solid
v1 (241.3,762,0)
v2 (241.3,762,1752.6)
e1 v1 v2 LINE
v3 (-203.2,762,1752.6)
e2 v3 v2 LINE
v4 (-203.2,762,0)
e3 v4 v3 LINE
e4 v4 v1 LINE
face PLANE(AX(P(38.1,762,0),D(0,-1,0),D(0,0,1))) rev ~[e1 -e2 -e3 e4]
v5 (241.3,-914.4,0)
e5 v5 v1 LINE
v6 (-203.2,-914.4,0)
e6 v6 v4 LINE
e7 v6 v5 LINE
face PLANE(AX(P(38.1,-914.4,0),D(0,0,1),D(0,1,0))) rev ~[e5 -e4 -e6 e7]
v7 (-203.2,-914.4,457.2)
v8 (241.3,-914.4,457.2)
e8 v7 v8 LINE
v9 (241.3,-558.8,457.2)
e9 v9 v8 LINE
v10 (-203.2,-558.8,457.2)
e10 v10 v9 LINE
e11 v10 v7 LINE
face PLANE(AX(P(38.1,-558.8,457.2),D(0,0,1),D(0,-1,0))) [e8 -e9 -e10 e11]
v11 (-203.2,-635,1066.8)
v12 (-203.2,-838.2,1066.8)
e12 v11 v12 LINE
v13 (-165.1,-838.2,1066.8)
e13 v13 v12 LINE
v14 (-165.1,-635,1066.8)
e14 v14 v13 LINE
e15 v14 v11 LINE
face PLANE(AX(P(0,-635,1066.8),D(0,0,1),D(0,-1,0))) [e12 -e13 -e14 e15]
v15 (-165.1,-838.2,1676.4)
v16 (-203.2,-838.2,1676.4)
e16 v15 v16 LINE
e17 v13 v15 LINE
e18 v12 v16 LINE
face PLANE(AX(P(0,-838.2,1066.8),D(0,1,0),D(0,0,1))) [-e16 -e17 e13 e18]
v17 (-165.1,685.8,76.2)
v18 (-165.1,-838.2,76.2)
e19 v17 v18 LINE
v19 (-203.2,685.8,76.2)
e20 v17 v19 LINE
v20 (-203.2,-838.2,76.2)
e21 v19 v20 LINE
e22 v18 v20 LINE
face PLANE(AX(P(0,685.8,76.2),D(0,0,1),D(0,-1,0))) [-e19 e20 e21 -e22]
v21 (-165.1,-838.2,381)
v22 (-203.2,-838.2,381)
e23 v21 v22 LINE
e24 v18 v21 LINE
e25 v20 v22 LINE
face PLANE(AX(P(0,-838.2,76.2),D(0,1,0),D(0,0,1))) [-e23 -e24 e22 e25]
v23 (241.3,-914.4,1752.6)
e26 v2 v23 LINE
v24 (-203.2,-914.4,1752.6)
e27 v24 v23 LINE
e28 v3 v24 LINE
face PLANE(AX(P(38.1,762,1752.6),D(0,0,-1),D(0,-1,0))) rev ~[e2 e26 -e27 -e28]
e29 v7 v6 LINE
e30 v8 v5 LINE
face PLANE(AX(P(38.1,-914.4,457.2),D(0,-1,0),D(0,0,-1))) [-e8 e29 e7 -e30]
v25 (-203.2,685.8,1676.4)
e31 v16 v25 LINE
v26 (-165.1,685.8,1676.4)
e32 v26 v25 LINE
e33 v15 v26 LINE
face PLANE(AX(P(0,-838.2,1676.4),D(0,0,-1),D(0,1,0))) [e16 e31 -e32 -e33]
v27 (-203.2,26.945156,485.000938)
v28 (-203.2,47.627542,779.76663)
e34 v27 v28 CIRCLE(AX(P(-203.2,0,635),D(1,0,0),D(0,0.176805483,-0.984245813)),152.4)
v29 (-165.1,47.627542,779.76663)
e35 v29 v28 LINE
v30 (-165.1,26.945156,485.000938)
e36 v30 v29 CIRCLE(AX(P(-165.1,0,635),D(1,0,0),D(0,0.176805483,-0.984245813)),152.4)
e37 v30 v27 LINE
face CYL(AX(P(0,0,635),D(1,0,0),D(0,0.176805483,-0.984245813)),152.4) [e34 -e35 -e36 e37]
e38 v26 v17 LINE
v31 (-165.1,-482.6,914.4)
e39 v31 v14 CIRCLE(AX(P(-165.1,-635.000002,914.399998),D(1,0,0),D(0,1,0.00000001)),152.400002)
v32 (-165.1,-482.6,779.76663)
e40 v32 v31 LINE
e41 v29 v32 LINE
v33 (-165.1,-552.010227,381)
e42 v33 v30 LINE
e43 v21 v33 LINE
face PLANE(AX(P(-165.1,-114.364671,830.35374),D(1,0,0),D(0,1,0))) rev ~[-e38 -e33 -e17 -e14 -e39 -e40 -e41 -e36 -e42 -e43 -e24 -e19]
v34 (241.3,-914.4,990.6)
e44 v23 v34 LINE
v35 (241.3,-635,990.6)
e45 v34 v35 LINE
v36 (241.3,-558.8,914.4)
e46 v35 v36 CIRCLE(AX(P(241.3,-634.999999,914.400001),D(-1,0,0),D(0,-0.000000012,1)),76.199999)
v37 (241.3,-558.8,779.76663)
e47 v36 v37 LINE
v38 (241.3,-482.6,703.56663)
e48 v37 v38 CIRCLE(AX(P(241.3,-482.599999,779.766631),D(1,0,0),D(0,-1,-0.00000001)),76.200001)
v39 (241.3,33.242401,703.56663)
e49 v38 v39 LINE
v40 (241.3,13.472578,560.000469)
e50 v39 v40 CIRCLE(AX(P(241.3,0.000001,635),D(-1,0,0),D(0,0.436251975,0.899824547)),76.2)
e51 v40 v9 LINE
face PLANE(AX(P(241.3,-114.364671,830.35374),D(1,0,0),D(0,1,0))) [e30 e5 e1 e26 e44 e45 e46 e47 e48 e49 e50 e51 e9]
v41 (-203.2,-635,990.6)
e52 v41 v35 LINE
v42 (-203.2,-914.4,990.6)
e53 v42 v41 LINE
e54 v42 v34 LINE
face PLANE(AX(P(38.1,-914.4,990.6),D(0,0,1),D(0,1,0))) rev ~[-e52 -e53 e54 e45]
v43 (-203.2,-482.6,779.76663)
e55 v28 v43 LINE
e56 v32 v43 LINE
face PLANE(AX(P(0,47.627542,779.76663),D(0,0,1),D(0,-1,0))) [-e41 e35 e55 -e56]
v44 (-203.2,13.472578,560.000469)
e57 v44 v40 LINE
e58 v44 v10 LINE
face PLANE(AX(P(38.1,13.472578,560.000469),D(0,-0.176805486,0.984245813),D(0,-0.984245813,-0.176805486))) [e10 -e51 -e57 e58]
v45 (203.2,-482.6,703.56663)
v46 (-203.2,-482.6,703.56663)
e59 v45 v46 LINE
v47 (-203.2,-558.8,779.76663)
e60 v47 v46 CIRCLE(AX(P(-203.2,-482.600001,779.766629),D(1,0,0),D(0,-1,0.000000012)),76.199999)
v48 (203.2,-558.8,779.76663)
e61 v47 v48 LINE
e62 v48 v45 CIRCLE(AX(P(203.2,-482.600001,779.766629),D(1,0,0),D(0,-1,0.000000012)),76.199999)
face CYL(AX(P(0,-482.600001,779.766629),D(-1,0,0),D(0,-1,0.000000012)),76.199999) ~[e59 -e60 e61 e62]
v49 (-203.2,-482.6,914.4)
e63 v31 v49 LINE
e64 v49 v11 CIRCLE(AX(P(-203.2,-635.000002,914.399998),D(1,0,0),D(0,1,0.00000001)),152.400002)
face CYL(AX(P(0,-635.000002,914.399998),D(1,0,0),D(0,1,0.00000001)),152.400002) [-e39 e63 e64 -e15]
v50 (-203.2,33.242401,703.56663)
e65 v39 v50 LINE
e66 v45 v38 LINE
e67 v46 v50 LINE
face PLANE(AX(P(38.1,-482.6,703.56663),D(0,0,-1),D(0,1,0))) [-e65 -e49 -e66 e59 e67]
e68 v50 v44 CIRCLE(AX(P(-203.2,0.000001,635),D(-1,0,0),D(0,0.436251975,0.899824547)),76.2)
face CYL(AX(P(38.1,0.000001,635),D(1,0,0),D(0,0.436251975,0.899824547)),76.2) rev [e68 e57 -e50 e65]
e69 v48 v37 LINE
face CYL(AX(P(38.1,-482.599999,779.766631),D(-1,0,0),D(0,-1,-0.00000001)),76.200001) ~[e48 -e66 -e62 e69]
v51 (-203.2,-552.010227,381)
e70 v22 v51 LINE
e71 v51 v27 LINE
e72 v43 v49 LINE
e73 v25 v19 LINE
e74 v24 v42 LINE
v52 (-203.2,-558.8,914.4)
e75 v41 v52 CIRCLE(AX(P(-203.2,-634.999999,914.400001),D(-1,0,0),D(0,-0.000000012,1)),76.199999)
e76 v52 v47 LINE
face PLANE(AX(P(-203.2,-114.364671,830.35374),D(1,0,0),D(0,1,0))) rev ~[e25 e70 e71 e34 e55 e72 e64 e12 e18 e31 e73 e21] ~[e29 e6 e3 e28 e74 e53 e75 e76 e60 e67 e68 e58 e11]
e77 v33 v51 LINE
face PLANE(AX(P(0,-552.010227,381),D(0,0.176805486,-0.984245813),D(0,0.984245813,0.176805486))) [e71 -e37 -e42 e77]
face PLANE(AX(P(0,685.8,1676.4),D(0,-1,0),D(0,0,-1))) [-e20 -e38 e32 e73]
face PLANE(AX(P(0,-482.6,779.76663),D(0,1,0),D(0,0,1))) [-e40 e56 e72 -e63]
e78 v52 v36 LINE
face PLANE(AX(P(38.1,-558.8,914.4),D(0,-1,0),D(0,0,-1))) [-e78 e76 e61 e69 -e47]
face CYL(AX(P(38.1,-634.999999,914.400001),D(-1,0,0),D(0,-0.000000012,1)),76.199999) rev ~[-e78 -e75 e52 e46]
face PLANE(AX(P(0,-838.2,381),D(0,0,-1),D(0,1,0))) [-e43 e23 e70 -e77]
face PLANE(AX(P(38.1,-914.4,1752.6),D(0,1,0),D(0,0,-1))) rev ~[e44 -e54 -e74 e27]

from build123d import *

# Parameters (mm, degrees)
F1_DEPTH = 38.1
F3_DEPTH = 203.2


with BuildPart() as f1:
    # F0 (on Right) → F1 (new body, symmetric)
    with BuildSketch(Plane.YZ):
        with BuildLine():
            ThreePointArc((33.242401, 703.56663), (75.487635, 624.604952), (13.472578, 560.000469))
            Line((13.472578, 560.000469), (-558.8, 457.2))
            Line((-558.8, 457.2), (-914.4, 457.2))
            Line((-914.4, 457.2), (-914.4, 0))
            Line((-914.4, 0), (762, 0))
            Line((762, 0), (762, 1752.6))
            Line((762, 1752.6), (0, 1752.6))
            Line((0, 1752.6), (-914.4, 1752.6))
            Line((-914.4, 1752.6), (-914.4, 1295.4))
            Line((-914.4, 1295.4), (-914.4, 990.6))
            Line((-914.4, 990.6), (-635, 990.6))
            ThreePointArc((-635, 990.6), (-581.118463, 968.281537), (-558.8, 914.4))
            Line((-558.8, 914.4), (-558.8, 779.76663))
            ThreePointArc((-558.8, 779.76663), (-536.481537, 725.885093), (-482.6, 703.56663))
            Line((-482.6, 703.56663), (33.242401, 703.56663))
        make_face()
    extrude(amount=F1_DEPTH, both=True)


with BuildPart() as f3:
    # F2 (on Right) + F1_face (on face) → F3 (new body, symmetric)
    with BuildSketch(Plane.YZ):
        with BuildLine():
            Line((-482.6, 703.56663), (33.242401, 703.56663))
            ThreePointArc((33.242401, 703.56663), (75.487635, 624.604952), (13.472578, 560.000469))
            Line((13.472578, 560.000469), (-558.8, 457.2))
            Line((-558.8, 457.2), (-914.4, 457.2))
            Line((-914.4, 457.2), (-914.4, 0))
            Line((-914.4, 0), (762, 0))
            Line((762, 0), (762, 1752.6))
            Line((762, 1752.6), (-914.4, 1752.6))
            Line((-914.4, 1752.6), (-914.4, 990.6))
            Line((-914.4, 990.6), (-635, 990.6))
            ThreePointArc((-635, 990.6), (-581.118463, 968.281537), (-558.8, 914.4))
            Line((-558.8, 914.4), (-558.8, 779.76663))
            ThreePointArc((-558.8, 779.76663), (-536.481537, 725.885093), (-482.6, 703.56663))
        make_face()
        with BuildLine():
            Line((685.8, 1676.4), (685.8, 76.2))
            Line((685.8, 76.2), (-838.2, 76.2))
            Line((-838.2, 76.2), (-838.2, 381))
            Line((-838.2, 381), (-552.010227, 381))
            Line((-552.010227, 381), (26.945156, 485.000938))
            ThreePointArc((26.945156, 485.000938), (152.026232, 624.333001), (47.627542, 779.76663))
            Line((47.627542, 779.76663), (-482.6, 779.76663))
            Line((-482.6, 779.76663), (-482.6, 914.4))
            ThreePointArc((-482.6, 914.4), (-527.236927, 1022.163073), (-635, 1066.8))
            Line((-635, 1066.8), (-838.2, 1066.8))
            Line((-838.2, 1066.8), (-838.2, 1676.4))
            Line((-838.2, 1676.4), (685.8, 1676.4))
        make_face(mode=Mode.SUBTRACT)
    with BuildSketch(Plane(origin=(38.1, -19.491345, 899.616806), x_dir=(0, 1, 0), z_dir=(1, 0, 0))):
        with BuildLine():
            ThreePointArc((52.733746, -196.050176), (94.97898, -275.011854), (32.963923, -339.616337))
            Line((32.963923, -339.616337), (-539.308655, -442.416806))
            Line((-539.308655, -442.416806), (-894.908655, -442.416806))
            Line((-894.908655, -442.416806), (-894.908655, -899.616806))
            Line((-894.908655, -899.616806), (781.491345, -899.616806))
            Line((781.491345, -899.616806), (781.491345, 852.983194))
            Line((781.491345, 852.983194), (-894.908655, 852.983194))
            Line((-894.908655, 852.983194), (-894.908655, 90.983194))
            Line((-894.908655, 90.983194), (-615.508655, 90.983194))
            ThreePointArc((-615.508655, 90.983194), (-561.627118, 68.664731), (-539.308655, 14.783194))
            Line((-539.308655, 14.783194), (-539.308655, -119.850176))
            ThreePointArc((-539.308655, -119.850176), (-516.990192, -173.731712), (-463.108655, -196.050176))
            Line((-463.108655, -196.050176), (52.733746, -196.050176))
        make_face()
    extrude(amount=F3_DEPTH, both=True)


with BuildPart() as f1_1:
    add(f1.part)

    # F4: union F3
    add(f3.part)


solid = f1_1.part
